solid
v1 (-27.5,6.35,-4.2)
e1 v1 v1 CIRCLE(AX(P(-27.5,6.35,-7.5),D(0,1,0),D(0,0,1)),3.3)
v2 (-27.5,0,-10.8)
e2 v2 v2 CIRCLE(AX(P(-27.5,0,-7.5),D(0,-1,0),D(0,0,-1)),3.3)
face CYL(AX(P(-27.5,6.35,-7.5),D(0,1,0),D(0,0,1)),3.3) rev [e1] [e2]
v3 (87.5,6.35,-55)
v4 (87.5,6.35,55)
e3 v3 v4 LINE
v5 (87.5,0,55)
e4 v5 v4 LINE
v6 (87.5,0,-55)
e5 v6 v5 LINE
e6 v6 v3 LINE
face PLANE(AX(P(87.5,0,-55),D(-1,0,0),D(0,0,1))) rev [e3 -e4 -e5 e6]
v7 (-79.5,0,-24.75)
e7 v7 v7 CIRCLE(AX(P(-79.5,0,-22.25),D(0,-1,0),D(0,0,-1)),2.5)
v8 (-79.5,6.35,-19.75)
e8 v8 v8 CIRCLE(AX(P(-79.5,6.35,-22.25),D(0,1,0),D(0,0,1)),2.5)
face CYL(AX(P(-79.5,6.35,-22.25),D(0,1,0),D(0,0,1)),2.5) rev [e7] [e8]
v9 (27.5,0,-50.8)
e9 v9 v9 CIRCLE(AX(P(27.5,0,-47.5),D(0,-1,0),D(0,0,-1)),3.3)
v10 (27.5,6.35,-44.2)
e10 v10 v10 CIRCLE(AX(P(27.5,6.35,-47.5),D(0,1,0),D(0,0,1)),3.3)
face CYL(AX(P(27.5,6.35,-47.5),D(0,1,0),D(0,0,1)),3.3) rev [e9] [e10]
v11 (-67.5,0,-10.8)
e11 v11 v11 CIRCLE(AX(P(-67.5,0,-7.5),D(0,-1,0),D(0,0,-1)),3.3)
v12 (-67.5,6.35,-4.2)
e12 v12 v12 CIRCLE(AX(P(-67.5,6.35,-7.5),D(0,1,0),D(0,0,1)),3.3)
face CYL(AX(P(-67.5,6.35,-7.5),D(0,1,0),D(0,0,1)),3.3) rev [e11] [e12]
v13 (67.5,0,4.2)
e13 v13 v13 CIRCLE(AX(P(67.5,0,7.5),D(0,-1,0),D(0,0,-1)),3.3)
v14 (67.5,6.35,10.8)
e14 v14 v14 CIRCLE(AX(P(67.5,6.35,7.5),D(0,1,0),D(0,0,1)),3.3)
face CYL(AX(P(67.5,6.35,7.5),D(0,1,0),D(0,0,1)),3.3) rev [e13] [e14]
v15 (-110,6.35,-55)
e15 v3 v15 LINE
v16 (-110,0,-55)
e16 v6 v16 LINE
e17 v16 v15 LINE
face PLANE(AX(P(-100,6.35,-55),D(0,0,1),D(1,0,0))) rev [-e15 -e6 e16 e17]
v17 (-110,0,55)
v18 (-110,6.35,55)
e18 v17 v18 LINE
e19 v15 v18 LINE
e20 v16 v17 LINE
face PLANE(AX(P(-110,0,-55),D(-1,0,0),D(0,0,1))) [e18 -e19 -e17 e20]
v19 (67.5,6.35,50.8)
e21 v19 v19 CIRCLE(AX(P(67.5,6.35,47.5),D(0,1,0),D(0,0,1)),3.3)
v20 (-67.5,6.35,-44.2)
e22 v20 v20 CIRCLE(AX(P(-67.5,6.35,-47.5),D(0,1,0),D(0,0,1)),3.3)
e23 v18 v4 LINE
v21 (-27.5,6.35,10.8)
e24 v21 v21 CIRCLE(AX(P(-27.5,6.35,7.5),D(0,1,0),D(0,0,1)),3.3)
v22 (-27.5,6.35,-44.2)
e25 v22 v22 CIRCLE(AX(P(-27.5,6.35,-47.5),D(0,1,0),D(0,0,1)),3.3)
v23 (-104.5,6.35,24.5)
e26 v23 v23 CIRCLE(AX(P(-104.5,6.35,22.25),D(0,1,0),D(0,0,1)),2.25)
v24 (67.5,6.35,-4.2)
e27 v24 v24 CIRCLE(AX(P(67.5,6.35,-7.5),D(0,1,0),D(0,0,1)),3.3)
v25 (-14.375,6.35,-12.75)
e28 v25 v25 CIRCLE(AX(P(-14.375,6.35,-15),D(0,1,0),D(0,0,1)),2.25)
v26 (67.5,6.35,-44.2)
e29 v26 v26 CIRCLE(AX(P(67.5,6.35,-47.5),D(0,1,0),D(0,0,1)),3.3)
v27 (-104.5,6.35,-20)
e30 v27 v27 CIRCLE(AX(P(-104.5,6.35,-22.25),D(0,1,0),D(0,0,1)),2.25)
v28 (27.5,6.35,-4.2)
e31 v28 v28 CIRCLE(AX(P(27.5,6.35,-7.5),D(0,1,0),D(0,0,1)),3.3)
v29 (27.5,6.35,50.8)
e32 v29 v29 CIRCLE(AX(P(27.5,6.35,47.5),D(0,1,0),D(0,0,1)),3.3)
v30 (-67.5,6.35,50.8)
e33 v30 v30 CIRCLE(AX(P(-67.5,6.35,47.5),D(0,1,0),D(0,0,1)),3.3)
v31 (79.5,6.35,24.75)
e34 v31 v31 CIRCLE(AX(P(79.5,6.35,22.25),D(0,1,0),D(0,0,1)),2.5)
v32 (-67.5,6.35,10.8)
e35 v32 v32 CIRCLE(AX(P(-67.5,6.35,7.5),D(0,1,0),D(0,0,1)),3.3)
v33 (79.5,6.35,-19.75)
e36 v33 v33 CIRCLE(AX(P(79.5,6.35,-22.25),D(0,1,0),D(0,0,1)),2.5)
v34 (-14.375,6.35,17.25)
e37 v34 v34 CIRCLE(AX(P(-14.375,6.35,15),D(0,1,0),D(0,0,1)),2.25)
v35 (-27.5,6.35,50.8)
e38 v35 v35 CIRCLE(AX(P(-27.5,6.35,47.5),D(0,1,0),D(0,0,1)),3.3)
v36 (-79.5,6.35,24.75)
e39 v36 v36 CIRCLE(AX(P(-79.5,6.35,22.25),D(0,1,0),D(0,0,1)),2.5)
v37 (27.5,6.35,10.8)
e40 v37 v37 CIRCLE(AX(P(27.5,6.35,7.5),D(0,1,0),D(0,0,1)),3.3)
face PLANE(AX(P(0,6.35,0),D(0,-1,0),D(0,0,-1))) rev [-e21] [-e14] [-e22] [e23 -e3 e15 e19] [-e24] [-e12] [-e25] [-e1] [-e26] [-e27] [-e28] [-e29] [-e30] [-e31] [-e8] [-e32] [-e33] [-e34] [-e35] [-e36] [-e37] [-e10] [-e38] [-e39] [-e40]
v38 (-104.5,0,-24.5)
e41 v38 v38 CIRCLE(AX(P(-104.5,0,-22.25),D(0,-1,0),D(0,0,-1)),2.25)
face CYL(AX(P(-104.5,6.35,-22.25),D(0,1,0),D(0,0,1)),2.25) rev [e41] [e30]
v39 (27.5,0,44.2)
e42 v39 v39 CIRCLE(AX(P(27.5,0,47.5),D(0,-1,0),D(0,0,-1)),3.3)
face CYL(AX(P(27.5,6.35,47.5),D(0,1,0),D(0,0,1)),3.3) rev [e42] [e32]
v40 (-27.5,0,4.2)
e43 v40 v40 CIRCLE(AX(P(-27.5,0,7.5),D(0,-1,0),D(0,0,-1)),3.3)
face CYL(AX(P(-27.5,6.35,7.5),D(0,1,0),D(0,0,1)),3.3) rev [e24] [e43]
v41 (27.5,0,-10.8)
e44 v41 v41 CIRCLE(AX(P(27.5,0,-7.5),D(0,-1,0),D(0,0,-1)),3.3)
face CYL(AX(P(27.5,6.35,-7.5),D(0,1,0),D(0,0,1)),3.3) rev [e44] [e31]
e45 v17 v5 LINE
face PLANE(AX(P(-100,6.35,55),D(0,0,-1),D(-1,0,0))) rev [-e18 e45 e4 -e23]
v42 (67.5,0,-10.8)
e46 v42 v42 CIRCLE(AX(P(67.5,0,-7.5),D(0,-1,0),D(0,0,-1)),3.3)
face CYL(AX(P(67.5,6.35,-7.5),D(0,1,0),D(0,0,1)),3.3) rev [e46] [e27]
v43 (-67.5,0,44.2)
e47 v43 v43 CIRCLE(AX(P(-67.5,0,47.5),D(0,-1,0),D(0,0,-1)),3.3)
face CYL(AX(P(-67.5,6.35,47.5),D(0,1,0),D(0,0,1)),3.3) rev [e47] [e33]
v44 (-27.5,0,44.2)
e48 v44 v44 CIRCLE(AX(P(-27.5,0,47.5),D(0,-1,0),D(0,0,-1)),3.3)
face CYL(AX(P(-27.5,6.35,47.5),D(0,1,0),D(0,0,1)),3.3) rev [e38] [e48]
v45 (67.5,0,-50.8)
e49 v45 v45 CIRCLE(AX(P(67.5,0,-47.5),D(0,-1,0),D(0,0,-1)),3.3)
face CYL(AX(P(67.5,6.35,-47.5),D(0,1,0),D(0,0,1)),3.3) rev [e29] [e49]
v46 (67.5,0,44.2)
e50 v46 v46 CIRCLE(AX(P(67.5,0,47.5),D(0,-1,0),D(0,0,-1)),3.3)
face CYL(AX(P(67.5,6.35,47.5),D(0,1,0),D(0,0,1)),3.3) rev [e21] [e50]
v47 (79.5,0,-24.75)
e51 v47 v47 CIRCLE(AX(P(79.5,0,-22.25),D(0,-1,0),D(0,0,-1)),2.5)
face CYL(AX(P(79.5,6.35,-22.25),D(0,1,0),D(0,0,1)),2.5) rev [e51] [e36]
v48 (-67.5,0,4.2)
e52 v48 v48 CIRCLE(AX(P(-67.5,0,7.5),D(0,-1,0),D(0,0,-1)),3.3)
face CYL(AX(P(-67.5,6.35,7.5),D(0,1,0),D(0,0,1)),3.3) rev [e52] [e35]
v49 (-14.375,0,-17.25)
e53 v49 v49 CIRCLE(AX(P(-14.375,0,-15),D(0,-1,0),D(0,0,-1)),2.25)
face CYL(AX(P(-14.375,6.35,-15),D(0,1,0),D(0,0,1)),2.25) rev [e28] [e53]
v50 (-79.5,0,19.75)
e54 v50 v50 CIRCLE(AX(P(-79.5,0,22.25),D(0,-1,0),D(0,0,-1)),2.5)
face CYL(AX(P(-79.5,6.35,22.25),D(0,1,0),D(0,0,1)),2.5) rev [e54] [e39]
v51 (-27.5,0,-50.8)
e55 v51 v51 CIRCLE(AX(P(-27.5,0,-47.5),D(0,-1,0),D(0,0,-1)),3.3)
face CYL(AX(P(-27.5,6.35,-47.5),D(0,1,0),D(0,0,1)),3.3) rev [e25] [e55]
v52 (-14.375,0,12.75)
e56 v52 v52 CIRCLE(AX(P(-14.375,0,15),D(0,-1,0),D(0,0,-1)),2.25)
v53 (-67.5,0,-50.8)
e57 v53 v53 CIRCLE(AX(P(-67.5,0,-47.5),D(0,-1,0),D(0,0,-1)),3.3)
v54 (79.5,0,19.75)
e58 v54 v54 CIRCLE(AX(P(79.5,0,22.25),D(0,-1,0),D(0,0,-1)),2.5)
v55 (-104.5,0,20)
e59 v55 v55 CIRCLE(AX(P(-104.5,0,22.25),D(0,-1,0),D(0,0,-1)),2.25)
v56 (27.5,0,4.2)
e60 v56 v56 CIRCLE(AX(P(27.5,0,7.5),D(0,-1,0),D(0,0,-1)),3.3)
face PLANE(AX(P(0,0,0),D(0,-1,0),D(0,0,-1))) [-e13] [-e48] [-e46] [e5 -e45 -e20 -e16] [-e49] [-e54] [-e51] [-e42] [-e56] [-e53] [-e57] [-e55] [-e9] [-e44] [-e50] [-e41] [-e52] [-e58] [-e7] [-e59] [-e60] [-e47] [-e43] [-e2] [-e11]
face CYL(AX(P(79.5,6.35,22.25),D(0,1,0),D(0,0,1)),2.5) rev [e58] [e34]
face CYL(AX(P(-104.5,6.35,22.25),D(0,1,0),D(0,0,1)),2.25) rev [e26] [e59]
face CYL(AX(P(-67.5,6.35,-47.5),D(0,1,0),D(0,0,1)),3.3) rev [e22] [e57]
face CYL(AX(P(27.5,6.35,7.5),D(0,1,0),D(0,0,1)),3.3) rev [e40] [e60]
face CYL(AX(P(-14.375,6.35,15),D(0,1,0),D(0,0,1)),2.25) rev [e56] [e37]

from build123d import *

# Parameters (mm, degrees)
SKETCH1_W                 = 200
SKETCH1_H                 = 110
BOSS_EXTRUDE1_DEPTH       = 6.35
M6_CLEARANCE_HOLE1_D      = 6.6
M6_CLEARANCE_HOLE1_DEPTH  = 12.4
M6_CLEARANCE_HOLE1_TIP    = 1.982840043
EXTENDO_W                 = 10
EXTENDO_H                 = 110
BOSS_EXTRUDE2_DEPTH       = 6.35
M6X1_0_TAPPED_HOLE2_D     = 5
M6X1_0_TAPPED_HOLE2_DEPTH = 15
M6X1_0_TAPPED_HOLE2_TIP   = 1.502151548
M4_CLEARANCE_HOLE2_D      = 4.5
M4_CLEARANCE_HOLE2_DEPTH  = 15
M4_CLEARANCE_HOLE2_TIP    = 1.351936393
M4_CLEARANCE_HOLE3_D      = 4.5
M4_CLEARANCE_HOLE3_DEPTH  = 15
M4_CLEARANCE_HOLE3_TIP    = 1.351936393
SKETCH20_W                = 12.5
SKETCH20_H                = 110
CUT_EXTRUDE1_DEPTH        = 6.35


with BuildPart() as part:
    # Sketch1 → Boss-Extrude1 (new body)
    with BuildSketch(Plane(origin=(0, 0, 0), x_dir=(1, 0, 0), z_dir=(0, 1, 0))):
        Rectangle(SKETCH1_W, SKETCH1_H)
    extrude(amount=BOSS_EXTRUDE1_DEPTH)

    # M6 Clearance Hole1
    with Locations(Plane(origin=(-67.5, 6.35, -47.5), x_dir=(0, 0, 1), z_dir=(0, 1, 0))):
        with Locations((0, 0), (0, 40), (40, 40), (40, 0), (55, 0), (55, 40), (95, 40), (95, 0), (95, 95), (55, 95), (40, 95), (0, 95), (0, 135), (40, 135), (55, 135), (95, 135)):
            Hole(M6_CLEARANCE_HOLE1_D / 2, depth=M6_CLEARANCE_HOLE1_DEPTH)
            with Locations((0, 0, -(M6_CLEARANCE_HOLE1_DEPTH + M6_CLEARANCE_HOLE1_TIP / 2))):  # 118° drill point
                Cone(0, M6_CLEARANCE_HOLE1_D / 2, M6_CLEARANCE_HOLE1_TIP, mode=Mode.SUBTRACT)

    # Extendo → Boss-Extrude2 (add)
    with BuildSketch(Plane(origin=(0, 6.35, 0), x_dir=(1, 0, 0), z_dir=(0, 1, 0))):
        with Locations((-105, 0)):
            Rectangle(EXTENDO_W, EXTENDO_H)
    extrude(amount=-BOSS_EXTRUDE2_DEPTH)

    # M6x1.0 Tapped Hole2
    with Locations(Plane(origin=(-79.5, 6.35, -22.25), x_dir=(0, 0, 1), z_dir=(0, 1, 0))):
        with Locations((0, 0), (44.5, 0), (44.5, 159), (0, 159)):
            Hole(M6X1_0_TAPPED_HOLE2_D / 2, depth=M6X1_0_TAPPED_HOLE2_DEPTH)
            with Locations((0, 0, -(M6X1_0_TAPPED_HOLE2_DEPTH + M6X1_0_TAPPED_HOLE2_TIP / 2))):  # 118° drill point
                Cone(0, M6X1_0_TAPPED_HOLE2_D / 2, M6X1_0_TAPPED_HOLE2_TIP, mode=Mode.SUBTRACT)

    # M4 Clearance Hole2
    with Locations(Plane(origin=(-104.5, 6.35, -22.25), x_dir=(0, 0, 1), z_dir=(0, 1, 0))):
        with Locations((0, 0), (44.5, 0)):
            Hole(M4_CLEARANCE_HOLE2_D / 2, depth=M4_CLEARANCE_HOLE2_DEPTH)
            with Locations((0, 0, -(M4_CLEARANCE_HOLE2_DEPTH + M4_CLEARANCE_HOLE2_TIP / 2))):  # 118° drill point
                Cone(0, M4_CLEARANCE_HOLE2_D / 2, M4_CLEARANCE_HOLE2_TIP, mode=Mode.SUBTRACT)

    # M4 Clearance Hole3
    with Locations(Plane(origin=(-14.375, 6.35, -15), x_dir=(0, 0, 1), z_dir=(0, 1, 0))):
        with Locations((0, 0), (30, 0)):
            Hole(M4_CLEARANCE_HOLE3_D / 2, depth=M4_CLEARANCE_HOLE3_DEPTH)
            with Locations((0, 0, -(M4_CLEARANCE_HOLE3_DEPTH + M4_CLEARANCE_HOLE3_TIP / 2))):  # 118° drill point
                Cone(0, M4_CLEARANCE_HOLE3_D / 2, M4_CLEARANCE_HOLE3_TIP, mode=Mode.SUBTRACT)

    # Sketch20 → Cut-Extrude1 (cut)
    with BuildSketch(Plane(origin=(0, 6.35, 0), x_dir=(1, 0, 0), z_dir=(0, 1, 0))):
        with Locations((93.75, 0)):
            Rectangle(SKETCH20_W, SKETCH20_H)
    extrude(amount=-CUT_EXTRUDE1_DEPTH, mode=Mode.SUBTRACT)


solid = part.part
